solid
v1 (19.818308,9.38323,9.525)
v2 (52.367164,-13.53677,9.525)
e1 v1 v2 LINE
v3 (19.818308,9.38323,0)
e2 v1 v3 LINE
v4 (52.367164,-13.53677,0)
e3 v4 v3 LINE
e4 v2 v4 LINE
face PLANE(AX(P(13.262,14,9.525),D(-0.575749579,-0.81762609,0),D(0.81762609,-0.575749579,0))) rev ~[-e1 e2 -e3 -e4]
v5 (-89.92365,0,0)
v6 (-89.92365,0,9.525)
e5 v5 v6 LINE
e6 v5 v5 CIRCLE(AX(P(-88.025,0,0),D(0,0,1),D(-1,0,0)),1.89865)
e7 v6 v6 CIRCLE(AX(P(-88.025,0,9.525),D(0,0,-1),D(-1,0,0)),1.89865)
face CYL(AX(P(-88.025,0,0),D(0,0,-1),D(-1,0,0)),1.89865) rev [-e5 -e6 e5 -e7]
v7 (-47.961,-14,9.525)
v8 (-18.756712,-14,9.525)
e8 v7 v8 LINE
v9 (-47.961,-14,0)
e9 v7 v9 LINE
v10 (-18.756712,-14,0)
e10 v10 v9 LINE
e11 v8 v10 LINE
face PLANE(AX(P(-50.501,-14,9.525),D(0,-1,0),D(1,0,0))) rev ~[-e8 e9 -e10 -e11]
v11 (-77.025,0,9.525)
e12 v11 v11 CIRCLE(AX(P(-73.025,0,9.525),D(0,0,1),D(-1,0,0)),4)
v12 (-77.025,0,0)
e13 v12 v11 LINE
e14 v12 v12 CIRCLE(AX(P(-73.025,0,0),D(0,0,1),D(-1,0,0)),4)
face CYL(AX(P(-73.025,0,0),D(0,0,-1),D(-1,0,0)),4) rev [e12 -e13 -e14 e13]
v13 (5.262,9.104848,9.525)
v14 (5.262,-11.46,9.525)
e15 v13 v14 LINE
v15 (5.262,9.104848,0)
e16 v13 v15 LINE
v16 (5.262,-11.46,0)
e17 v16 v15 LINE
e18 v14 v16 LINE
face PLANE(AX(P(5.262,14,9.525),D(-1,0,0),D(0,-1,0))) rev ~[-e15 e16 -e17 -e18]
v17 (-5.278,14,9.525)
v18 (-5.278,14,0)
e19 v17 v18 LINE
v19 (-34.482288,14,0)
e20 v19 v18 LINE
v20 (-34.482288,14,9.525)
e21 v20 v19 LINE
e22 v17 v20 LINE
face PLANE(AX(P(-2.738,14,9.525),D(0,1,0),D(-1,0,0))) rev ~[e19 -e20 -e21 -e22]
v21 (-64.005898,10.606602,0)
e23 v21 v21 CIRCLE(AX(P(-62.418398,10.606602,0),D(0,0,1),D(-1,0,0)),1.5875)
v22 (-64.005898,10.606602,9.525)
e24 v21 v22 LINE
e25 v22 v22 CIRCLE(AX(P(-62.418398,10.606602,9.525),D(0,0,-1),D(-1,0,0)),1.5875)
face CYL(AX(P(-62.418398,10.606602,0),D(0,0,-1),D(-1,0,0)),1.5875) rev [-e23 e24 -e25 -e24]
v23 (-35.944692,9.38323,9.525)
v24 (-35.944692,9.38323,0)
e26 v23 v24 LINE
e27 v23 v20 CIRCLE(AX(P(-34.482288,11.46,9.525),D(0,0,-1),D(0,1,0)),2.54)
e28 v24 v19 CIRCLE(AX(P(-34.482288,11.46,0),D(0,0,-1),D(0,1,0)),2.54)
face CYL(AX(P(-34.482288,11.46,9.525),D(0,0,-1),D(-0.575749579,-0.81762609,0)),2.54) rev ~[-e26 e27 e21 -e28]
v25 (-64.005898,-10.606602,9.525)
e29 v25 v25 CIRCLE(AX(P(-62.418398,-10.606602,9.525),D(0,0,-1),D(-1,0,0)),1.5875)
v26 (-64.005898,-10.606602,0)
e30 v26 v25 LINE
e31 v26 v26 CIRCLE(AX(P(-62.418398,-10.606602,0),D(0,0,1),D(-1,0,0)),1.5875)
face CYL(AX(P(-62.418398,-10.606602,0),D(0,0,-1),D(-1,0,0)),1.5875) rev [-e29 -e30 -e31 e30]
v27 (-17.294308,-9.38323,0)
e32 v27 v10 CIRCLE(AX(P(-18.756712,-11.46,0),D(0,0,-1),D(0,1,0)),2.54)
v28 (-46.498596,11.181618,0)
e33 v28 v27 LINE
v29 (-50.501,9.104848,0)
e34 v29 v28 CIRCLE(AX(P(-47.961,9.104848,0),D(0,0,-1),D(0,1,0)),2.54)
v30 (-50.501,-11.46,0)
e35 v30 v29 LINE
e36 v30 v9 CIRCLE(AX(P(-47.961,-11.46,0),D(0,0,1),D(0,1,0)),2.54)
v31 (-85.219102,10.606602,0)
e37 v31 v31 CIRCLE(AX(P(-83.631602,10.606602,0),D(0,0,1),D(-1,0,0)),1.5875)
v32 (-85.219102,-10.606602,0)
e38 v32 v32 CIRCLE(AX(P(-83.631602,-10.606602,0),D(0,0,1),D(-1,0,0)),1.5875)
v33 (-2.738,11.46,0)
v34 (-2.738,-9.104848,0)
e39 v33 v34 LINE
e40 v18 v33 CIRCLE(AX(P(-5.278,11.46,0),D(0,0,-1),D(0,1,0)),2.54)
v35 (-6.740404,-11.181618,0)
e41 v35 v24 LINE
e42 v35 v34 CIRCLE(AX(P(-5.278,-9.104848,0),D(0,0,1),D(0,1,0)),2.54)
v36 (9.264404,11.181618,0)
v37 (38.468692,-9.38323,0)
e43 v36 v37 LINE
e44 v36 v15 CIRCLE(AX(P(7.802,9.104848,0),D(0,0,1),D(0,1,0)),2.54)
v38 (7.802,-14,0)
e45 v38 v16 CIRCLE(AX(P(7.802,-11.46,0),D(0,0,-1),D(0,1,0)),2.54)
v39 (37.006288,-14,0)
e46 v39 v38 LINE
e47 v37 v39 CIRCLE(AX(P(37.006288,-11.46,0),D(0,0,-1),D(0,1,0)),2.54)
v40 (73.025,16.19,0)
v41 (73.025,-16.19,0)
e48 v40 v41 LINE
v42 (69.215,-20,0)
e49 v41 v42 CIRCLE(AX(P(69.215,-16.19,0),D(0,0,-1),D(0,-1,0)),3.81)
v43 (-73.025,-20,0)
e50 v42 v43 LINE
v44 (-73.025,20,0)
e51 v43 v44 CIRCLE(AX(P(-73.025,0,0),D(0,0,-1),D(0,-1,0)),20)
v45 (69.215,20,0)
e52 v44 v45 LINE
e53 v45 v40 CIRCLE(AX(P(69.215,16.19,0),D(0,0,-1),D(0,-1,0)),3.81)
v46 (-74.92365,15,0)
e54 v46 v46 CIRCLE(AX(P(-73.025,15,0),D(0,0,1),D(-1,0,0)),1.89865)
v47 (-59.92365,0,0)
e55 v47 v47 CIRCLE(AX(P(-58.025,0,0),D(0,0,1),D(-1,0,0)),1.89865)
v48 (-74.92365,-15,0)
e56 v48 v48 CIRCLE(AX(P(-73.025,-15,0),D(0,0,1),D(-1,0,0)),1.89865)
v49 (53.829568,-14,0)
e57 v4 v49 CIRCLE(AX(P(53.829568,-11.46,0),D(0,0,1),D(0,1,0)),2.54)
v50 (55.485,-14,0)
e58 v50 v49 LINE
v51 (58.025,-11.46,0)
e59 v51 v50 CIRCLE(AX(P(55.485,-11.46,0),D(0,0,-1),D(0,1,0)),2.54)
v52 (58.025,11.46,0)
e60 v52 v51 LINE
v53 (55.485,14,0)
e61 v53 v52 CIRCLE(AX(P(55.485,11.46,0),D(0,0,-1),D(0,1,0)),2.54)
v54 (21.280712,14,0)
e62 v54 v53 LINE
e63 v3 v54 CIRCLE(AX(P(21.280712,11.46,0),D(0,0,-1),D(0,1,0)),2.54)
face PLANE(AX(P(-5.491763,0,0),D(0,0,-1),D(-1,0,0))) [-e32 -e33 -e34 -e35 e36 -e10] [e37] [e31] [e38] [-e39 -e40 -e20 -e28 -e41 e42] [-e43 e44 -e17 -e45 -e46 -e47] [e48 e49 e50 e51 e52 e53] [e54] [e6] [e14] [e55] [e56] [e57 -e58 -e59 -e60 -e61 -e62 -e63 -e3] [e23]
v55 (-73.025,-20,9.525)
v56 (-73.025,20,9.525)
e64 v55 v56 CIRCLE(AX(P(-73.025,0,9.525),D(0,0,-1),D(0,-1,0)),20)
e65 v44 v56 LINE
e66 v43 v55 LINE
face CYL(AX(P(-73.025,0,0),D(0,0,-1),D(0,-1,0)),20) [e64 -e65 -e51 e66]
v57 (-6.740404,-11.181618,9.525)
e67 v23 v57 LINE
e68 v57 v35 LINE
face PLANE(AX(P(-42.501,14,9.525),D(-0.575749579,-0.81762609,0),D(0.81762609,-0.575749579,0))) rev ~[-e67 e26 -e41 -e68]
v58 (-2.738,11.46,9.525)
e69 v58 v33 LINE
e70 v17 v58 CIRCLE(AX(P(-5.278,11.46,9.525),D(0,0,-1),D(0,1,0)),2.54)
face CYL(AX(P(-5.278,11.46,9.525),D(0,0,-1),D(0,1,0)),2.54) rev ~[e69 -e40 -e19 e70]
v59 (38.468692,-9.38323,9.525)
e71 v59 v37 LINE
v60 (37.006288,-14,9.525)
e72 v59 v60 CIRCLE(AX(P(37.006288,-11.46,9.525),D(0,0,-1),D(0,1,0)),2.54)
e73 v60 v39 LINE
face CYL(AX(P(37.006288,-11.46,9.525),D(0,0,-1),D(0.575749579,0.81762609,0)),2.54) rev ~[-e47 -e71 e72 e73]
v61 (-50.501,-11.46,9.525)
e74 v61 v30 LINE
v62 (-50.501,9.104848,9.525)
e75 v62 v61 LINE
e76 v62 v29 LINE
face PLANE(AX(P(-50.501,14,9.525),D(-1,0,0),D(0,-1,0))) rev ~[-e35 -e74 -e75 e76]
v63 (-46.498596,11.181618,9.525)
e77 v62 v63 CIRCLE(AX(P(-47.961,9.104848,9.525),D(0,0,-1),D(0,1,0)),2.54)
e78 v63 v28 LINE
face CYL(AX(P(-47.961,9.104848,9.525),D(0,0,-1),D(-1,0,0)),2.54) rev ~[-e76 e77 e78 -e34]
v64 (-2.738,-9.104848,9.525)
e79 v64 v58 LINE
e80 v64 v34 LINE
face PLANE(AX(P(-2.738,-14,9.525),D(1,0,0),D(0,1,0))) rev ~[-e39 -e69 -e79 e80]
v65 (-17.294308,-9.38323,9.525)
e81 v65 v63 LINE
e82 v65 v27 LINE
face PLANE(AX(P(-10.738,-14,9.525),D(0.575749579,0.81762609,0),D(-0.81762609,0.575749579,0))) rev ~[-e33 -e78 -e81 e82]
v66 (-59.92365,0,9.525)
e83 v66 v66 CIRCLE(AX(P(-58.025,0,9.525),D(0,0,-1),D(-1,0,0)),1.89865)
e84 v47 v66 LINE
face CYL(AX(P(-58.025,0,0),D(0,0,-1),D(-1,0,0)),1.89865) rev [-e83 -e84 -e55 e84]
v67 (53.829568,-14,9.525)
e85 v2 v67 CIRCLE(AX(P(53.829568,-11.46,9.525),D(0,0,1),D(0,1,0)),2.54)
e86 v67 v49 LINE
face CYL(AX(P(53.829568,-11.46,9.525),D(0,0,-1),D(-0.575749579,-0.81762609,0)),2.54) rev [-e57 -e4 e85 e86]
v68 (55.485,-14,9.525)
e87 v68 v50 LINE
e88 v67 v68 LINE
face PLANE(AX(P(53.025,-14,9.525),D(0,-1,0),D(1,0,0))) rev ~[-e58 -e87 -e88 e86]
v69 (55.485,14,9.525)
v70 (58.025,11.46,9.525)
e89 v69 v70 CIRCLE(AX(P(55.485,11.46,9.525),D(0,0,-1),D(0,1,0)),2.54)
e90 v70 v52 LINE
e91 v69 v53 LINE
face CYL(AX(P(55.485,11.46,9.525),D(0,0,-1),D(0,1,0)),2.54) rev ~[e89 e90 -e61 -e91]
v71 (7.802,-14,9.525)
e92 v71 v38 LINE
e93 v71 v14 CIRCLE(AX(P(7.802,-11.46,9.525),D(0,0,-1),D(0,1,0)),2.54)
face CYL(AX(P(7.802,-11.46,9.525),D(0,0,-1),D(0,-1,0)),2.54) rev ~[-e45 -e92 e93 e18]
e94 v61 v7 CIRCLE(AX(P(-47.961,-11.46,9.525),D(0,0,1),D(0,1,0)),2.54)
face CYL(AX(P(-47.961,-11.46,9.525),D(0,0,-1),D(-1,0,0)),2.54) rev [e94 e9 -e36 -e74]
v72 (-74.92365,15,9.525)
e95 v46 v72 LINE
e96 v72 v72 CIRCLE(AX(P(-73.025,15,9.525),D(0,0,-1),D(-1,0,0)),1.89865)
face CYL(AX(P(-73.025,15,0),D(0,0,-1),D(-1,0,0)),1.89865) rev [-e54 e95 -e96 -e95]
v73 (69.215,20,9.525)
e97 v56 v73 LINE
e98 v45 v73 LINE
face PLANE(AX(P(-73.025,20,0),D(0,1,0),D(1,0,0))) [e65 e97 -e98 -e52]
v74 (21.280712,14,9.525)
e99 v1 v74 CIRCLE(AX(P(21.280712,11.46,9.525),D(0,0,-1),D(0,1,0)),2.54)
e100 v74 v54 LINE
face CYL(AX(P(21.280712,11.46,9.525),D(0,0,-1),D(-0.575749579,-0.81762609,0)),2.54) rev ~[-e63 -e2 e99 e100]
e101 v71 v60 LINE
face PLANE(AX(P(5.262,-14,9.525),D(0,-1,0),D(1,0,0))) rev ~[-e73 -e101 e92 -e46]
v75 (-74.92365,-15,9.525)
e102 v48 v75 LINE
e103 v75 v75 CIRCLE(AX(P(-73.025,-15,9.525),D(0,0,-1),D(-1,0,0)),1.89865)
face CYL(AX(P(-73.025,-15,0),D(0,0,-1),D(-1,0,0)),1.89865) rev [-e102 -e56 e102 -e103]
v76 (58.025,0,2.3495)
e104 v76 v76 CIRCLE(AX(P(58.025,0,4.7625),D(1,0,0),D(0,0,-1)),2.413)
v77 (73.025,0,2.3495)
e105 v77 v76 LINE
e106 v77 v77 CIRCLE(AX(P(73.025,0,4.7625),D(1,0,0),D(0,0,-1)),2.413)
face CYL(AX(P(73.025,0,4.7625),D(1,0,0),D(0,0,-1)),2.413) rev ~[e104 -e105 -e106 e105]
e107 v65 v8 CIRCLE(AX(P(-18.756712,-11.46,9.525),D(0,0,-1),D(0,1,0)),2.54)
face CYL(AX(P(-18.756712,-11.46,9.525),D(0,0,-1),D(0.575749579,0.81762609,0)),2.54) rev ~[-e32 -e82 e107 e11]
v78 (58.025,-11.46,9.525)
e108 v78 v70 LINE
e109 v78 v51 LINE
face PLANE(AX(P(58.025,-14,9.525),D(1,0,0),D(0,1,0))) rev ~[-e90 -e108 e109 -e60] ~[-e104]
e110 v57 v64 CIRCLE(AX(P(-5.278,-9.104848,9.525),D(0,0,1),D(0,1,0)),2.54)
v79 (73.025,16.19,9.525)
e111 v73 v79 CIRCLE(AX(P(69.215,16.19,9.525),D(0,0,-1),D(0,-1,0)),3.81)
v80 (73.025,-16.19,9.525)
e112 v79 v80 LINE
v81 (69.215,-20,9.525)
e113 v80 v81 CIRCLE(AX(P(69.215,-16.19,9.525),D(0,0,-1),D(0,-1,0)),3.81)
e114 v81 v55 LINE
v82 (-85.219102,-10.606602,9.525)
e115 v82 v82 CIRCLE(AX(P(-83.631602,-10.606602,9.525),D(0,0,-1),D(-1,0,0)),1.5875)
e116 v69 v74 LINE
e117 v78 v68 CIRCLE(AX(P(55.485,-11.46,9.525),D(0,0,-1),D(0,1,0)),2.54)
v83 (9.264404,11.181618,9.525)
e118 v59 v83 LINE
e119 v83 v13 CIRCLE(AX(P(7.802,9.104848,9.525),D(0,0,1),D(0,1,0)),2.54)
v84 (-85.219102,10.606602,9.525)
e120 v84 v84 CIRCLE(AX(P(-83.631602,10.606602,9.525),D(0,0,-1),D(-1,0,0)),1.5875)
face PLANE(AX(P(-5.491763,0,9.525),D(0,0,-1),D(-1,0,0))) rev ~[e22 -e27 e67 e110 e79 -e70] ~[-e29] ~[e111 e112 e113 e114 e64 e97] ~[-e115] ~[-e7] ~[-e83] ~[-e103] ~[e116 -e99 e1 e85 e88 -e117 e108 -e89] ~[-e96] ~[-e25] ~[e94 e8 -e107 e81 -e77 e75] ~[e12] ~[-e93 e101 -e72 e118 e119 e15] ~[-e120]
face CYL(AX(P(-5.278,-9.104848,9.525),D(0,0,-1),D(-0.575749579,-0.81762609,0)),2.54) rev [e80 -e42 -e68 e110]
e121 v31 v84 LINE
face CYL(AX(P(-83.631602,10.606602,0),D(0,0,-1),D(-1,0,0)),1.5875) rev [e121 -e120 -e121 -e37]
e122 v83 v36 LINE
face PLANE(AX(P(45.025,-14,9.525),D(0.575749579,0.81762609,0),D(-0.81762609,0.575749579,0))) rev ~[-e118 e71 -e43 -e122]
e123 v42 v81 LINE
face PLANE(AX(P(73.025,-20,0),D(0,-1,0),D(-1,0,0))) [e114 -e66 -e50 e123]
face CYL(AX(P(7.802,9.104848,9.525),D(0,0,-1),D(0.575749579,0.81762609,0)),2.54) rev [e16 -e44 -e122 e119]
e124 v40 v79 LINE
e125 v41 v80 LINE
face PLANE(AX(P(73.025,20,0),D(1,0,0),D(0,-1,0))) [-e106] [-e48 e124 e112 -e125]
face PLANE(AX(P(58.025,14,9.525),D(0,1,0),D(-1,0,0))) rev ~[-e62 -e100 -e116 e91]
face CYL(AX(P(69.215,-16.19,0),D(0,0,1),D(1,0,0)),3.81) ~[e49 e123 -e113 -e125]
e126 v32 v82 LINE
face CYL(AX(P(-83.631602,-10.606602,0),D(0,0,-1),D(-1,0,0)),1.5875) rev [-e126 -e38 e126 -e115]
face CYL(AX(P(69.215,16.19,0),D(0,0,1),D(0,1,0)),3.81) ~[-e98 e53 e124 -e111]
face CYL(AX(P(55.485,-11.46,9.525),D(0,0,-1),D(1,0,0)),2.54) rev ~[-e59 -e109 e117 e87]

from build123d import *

# Parameters (mm, degrees)
SKETCH1_R           = 4
BOSS_EXTRUDE1_DEPTH = 9.525
SKETCH3_R           = 1.89865
SKETCH3_R_2         = 1.5875
CUT_EXTRUDE2_DEPTH  = 96.626232018
CUT_EXTRUDE6_DEPTH  = 96.626232018
FILLET1_R           = 2.54
CUT_EXTRUDE10_REACH = 169.521
SKETCH18_R          = 2.413
FILLET2_R           = 3.81


with BuildPart() as part:
    # Sketch1 → Boss-Extrude1 (new body)
    with BuildSketch(Plane.XY):
        with BuildLine():
            Line((-73.025, 20), (73.025, 20))
            Line((73.025, 20), (73.025, -20))
            Line((73.025, -20), (-73.025, -20))
            ThreePointArc((-73.025, -20), (-93.025, 0), (-73.025, 20))
        make_face()
        with Locations(Location((-73.025, 0, 0), (0, 0, 180))):
            Circle(SKETCH1_R, mode=Mode.SUBTRACT)
    extrude(amount=BOSS_EXTRUDE1_DEPTH)

    # Sketch3 → Cut-Extrude2 (cut, through all)
    with BuildSketch(Plane.XY):
        with Locations(Location((-73.025, 15, 0), (0, 0, 180))):
            Circle(SKETCH3_R)
        with Locations(Location((-58.025, 0, 0), (0, 0, 180))):
            Circle(SKETCH3_R)
        with Locations(Location((-73.025, -15, 0), (0, 0, 180))):
            Circle(SKETCH3_R)
        with Locations(Location((-88.025, 0, 0), (0, 0, 180))):
            Circle(SKETCH3_R)
        with Locations(Location((-83.631601718, 10.606601718, 0), (0, 0, 180))):
            Circle(SKETCH3_R_2)
        with Locations(Location((-62.418398282, 10.606601718, 0), (0, 0, 180))):
            Circle(SKETCH3_R_2)
        with Locations(Location((-62.418398282, -10.606601718, 0), (0, 0, 180))):
            Circle(SKETCH3_R_2)
        with Locations(Location((-83.631601718, -10.606601718, 0), (0, 0, 180))):
            Circle(SKETCH3_R_2)
    extrude(amount=CUT_EXTRUDE2_DEPTH, mode=Mode.SUBTRACT)

    # Sketch8 → Cut-Extrude6 (cut, through all)
    with BuildSketch(Plane.XY.offset(9.525)):
        Polygon((-50.501, 14), (-50.501, -14), (-10.738, -14), align=None)
        Polygon((-42.501, 14), (-2.738, -14), (-2.738, 14), align=None)
        Polygon((53.025, 14), (13.262, 14), (53.025, -14), (58.025, -14), (58.025, 14), align=None)
        Polygon((45.025, -14), (5.262, 14), (5.262, -14), align=None)
    extrude(amount=-CUT_EXTRUDE6_DEPTH, mode=Mode.SUBTRACT)

    # Fillet1
    fillet1_edges = [part.edges().sort_by_distance(p)[0] for p in [
        (58.025, -14, 4.7625),
        (53.025, -14, 4.7625),
        (13.262, 14, 4.7625),
        (58.025, 14, 4.7625),
        (5.262, -14, 4.7625),
        (5.262, 14, 4.7625),
        (45.025, -14, 4.7625),
        (-50.501, 14, 4.7625),
        (-10.738, -14, 4.7625),
        (-50.501, -14, 4.7625),
        (-2.738, 14, 4.7625),
        (-2.738, -14, 4.7625),
        (-42.501, 14, 4.7625),
    ]]
    fillet(fillet1_edges, radius=FILLET1_R)

    # Sketch18 → Cut-Extrude10 (cut, up to next)
    with BuildSketch(Plane(origin=(73.025, 0, 0), x_dir=(0, 0, -1), z_dir=(1, 0, 0)), mode=Mode.PRIVATE) as cut_extrude10_sk1:
        with Locations((-4.7625, 0)):
            Circle(SKETCH18_R)
    cut_extrude10_tool1 = extrude(cut_extrude10_sk1.sketch, amount=-CUT_EXTRUDE10_REACH, mode=Mode.PRIVATE) & part.part
    add(cut_extrude10_tool1.solids().sort_by_distance((73.025, 0, 4.7625))[0], mode=Mode.SUBTRACT)

    # Fillet2
    fillet2_edges = [part.edges().sort_by_distance(p)[0] for p in [
        (73.025, -20, 4.7625),
        (73.025, 20, 4.7625),
    ]]
    fillet(fillet2_edges, radius=FILLET2_R)


solid = part.part
